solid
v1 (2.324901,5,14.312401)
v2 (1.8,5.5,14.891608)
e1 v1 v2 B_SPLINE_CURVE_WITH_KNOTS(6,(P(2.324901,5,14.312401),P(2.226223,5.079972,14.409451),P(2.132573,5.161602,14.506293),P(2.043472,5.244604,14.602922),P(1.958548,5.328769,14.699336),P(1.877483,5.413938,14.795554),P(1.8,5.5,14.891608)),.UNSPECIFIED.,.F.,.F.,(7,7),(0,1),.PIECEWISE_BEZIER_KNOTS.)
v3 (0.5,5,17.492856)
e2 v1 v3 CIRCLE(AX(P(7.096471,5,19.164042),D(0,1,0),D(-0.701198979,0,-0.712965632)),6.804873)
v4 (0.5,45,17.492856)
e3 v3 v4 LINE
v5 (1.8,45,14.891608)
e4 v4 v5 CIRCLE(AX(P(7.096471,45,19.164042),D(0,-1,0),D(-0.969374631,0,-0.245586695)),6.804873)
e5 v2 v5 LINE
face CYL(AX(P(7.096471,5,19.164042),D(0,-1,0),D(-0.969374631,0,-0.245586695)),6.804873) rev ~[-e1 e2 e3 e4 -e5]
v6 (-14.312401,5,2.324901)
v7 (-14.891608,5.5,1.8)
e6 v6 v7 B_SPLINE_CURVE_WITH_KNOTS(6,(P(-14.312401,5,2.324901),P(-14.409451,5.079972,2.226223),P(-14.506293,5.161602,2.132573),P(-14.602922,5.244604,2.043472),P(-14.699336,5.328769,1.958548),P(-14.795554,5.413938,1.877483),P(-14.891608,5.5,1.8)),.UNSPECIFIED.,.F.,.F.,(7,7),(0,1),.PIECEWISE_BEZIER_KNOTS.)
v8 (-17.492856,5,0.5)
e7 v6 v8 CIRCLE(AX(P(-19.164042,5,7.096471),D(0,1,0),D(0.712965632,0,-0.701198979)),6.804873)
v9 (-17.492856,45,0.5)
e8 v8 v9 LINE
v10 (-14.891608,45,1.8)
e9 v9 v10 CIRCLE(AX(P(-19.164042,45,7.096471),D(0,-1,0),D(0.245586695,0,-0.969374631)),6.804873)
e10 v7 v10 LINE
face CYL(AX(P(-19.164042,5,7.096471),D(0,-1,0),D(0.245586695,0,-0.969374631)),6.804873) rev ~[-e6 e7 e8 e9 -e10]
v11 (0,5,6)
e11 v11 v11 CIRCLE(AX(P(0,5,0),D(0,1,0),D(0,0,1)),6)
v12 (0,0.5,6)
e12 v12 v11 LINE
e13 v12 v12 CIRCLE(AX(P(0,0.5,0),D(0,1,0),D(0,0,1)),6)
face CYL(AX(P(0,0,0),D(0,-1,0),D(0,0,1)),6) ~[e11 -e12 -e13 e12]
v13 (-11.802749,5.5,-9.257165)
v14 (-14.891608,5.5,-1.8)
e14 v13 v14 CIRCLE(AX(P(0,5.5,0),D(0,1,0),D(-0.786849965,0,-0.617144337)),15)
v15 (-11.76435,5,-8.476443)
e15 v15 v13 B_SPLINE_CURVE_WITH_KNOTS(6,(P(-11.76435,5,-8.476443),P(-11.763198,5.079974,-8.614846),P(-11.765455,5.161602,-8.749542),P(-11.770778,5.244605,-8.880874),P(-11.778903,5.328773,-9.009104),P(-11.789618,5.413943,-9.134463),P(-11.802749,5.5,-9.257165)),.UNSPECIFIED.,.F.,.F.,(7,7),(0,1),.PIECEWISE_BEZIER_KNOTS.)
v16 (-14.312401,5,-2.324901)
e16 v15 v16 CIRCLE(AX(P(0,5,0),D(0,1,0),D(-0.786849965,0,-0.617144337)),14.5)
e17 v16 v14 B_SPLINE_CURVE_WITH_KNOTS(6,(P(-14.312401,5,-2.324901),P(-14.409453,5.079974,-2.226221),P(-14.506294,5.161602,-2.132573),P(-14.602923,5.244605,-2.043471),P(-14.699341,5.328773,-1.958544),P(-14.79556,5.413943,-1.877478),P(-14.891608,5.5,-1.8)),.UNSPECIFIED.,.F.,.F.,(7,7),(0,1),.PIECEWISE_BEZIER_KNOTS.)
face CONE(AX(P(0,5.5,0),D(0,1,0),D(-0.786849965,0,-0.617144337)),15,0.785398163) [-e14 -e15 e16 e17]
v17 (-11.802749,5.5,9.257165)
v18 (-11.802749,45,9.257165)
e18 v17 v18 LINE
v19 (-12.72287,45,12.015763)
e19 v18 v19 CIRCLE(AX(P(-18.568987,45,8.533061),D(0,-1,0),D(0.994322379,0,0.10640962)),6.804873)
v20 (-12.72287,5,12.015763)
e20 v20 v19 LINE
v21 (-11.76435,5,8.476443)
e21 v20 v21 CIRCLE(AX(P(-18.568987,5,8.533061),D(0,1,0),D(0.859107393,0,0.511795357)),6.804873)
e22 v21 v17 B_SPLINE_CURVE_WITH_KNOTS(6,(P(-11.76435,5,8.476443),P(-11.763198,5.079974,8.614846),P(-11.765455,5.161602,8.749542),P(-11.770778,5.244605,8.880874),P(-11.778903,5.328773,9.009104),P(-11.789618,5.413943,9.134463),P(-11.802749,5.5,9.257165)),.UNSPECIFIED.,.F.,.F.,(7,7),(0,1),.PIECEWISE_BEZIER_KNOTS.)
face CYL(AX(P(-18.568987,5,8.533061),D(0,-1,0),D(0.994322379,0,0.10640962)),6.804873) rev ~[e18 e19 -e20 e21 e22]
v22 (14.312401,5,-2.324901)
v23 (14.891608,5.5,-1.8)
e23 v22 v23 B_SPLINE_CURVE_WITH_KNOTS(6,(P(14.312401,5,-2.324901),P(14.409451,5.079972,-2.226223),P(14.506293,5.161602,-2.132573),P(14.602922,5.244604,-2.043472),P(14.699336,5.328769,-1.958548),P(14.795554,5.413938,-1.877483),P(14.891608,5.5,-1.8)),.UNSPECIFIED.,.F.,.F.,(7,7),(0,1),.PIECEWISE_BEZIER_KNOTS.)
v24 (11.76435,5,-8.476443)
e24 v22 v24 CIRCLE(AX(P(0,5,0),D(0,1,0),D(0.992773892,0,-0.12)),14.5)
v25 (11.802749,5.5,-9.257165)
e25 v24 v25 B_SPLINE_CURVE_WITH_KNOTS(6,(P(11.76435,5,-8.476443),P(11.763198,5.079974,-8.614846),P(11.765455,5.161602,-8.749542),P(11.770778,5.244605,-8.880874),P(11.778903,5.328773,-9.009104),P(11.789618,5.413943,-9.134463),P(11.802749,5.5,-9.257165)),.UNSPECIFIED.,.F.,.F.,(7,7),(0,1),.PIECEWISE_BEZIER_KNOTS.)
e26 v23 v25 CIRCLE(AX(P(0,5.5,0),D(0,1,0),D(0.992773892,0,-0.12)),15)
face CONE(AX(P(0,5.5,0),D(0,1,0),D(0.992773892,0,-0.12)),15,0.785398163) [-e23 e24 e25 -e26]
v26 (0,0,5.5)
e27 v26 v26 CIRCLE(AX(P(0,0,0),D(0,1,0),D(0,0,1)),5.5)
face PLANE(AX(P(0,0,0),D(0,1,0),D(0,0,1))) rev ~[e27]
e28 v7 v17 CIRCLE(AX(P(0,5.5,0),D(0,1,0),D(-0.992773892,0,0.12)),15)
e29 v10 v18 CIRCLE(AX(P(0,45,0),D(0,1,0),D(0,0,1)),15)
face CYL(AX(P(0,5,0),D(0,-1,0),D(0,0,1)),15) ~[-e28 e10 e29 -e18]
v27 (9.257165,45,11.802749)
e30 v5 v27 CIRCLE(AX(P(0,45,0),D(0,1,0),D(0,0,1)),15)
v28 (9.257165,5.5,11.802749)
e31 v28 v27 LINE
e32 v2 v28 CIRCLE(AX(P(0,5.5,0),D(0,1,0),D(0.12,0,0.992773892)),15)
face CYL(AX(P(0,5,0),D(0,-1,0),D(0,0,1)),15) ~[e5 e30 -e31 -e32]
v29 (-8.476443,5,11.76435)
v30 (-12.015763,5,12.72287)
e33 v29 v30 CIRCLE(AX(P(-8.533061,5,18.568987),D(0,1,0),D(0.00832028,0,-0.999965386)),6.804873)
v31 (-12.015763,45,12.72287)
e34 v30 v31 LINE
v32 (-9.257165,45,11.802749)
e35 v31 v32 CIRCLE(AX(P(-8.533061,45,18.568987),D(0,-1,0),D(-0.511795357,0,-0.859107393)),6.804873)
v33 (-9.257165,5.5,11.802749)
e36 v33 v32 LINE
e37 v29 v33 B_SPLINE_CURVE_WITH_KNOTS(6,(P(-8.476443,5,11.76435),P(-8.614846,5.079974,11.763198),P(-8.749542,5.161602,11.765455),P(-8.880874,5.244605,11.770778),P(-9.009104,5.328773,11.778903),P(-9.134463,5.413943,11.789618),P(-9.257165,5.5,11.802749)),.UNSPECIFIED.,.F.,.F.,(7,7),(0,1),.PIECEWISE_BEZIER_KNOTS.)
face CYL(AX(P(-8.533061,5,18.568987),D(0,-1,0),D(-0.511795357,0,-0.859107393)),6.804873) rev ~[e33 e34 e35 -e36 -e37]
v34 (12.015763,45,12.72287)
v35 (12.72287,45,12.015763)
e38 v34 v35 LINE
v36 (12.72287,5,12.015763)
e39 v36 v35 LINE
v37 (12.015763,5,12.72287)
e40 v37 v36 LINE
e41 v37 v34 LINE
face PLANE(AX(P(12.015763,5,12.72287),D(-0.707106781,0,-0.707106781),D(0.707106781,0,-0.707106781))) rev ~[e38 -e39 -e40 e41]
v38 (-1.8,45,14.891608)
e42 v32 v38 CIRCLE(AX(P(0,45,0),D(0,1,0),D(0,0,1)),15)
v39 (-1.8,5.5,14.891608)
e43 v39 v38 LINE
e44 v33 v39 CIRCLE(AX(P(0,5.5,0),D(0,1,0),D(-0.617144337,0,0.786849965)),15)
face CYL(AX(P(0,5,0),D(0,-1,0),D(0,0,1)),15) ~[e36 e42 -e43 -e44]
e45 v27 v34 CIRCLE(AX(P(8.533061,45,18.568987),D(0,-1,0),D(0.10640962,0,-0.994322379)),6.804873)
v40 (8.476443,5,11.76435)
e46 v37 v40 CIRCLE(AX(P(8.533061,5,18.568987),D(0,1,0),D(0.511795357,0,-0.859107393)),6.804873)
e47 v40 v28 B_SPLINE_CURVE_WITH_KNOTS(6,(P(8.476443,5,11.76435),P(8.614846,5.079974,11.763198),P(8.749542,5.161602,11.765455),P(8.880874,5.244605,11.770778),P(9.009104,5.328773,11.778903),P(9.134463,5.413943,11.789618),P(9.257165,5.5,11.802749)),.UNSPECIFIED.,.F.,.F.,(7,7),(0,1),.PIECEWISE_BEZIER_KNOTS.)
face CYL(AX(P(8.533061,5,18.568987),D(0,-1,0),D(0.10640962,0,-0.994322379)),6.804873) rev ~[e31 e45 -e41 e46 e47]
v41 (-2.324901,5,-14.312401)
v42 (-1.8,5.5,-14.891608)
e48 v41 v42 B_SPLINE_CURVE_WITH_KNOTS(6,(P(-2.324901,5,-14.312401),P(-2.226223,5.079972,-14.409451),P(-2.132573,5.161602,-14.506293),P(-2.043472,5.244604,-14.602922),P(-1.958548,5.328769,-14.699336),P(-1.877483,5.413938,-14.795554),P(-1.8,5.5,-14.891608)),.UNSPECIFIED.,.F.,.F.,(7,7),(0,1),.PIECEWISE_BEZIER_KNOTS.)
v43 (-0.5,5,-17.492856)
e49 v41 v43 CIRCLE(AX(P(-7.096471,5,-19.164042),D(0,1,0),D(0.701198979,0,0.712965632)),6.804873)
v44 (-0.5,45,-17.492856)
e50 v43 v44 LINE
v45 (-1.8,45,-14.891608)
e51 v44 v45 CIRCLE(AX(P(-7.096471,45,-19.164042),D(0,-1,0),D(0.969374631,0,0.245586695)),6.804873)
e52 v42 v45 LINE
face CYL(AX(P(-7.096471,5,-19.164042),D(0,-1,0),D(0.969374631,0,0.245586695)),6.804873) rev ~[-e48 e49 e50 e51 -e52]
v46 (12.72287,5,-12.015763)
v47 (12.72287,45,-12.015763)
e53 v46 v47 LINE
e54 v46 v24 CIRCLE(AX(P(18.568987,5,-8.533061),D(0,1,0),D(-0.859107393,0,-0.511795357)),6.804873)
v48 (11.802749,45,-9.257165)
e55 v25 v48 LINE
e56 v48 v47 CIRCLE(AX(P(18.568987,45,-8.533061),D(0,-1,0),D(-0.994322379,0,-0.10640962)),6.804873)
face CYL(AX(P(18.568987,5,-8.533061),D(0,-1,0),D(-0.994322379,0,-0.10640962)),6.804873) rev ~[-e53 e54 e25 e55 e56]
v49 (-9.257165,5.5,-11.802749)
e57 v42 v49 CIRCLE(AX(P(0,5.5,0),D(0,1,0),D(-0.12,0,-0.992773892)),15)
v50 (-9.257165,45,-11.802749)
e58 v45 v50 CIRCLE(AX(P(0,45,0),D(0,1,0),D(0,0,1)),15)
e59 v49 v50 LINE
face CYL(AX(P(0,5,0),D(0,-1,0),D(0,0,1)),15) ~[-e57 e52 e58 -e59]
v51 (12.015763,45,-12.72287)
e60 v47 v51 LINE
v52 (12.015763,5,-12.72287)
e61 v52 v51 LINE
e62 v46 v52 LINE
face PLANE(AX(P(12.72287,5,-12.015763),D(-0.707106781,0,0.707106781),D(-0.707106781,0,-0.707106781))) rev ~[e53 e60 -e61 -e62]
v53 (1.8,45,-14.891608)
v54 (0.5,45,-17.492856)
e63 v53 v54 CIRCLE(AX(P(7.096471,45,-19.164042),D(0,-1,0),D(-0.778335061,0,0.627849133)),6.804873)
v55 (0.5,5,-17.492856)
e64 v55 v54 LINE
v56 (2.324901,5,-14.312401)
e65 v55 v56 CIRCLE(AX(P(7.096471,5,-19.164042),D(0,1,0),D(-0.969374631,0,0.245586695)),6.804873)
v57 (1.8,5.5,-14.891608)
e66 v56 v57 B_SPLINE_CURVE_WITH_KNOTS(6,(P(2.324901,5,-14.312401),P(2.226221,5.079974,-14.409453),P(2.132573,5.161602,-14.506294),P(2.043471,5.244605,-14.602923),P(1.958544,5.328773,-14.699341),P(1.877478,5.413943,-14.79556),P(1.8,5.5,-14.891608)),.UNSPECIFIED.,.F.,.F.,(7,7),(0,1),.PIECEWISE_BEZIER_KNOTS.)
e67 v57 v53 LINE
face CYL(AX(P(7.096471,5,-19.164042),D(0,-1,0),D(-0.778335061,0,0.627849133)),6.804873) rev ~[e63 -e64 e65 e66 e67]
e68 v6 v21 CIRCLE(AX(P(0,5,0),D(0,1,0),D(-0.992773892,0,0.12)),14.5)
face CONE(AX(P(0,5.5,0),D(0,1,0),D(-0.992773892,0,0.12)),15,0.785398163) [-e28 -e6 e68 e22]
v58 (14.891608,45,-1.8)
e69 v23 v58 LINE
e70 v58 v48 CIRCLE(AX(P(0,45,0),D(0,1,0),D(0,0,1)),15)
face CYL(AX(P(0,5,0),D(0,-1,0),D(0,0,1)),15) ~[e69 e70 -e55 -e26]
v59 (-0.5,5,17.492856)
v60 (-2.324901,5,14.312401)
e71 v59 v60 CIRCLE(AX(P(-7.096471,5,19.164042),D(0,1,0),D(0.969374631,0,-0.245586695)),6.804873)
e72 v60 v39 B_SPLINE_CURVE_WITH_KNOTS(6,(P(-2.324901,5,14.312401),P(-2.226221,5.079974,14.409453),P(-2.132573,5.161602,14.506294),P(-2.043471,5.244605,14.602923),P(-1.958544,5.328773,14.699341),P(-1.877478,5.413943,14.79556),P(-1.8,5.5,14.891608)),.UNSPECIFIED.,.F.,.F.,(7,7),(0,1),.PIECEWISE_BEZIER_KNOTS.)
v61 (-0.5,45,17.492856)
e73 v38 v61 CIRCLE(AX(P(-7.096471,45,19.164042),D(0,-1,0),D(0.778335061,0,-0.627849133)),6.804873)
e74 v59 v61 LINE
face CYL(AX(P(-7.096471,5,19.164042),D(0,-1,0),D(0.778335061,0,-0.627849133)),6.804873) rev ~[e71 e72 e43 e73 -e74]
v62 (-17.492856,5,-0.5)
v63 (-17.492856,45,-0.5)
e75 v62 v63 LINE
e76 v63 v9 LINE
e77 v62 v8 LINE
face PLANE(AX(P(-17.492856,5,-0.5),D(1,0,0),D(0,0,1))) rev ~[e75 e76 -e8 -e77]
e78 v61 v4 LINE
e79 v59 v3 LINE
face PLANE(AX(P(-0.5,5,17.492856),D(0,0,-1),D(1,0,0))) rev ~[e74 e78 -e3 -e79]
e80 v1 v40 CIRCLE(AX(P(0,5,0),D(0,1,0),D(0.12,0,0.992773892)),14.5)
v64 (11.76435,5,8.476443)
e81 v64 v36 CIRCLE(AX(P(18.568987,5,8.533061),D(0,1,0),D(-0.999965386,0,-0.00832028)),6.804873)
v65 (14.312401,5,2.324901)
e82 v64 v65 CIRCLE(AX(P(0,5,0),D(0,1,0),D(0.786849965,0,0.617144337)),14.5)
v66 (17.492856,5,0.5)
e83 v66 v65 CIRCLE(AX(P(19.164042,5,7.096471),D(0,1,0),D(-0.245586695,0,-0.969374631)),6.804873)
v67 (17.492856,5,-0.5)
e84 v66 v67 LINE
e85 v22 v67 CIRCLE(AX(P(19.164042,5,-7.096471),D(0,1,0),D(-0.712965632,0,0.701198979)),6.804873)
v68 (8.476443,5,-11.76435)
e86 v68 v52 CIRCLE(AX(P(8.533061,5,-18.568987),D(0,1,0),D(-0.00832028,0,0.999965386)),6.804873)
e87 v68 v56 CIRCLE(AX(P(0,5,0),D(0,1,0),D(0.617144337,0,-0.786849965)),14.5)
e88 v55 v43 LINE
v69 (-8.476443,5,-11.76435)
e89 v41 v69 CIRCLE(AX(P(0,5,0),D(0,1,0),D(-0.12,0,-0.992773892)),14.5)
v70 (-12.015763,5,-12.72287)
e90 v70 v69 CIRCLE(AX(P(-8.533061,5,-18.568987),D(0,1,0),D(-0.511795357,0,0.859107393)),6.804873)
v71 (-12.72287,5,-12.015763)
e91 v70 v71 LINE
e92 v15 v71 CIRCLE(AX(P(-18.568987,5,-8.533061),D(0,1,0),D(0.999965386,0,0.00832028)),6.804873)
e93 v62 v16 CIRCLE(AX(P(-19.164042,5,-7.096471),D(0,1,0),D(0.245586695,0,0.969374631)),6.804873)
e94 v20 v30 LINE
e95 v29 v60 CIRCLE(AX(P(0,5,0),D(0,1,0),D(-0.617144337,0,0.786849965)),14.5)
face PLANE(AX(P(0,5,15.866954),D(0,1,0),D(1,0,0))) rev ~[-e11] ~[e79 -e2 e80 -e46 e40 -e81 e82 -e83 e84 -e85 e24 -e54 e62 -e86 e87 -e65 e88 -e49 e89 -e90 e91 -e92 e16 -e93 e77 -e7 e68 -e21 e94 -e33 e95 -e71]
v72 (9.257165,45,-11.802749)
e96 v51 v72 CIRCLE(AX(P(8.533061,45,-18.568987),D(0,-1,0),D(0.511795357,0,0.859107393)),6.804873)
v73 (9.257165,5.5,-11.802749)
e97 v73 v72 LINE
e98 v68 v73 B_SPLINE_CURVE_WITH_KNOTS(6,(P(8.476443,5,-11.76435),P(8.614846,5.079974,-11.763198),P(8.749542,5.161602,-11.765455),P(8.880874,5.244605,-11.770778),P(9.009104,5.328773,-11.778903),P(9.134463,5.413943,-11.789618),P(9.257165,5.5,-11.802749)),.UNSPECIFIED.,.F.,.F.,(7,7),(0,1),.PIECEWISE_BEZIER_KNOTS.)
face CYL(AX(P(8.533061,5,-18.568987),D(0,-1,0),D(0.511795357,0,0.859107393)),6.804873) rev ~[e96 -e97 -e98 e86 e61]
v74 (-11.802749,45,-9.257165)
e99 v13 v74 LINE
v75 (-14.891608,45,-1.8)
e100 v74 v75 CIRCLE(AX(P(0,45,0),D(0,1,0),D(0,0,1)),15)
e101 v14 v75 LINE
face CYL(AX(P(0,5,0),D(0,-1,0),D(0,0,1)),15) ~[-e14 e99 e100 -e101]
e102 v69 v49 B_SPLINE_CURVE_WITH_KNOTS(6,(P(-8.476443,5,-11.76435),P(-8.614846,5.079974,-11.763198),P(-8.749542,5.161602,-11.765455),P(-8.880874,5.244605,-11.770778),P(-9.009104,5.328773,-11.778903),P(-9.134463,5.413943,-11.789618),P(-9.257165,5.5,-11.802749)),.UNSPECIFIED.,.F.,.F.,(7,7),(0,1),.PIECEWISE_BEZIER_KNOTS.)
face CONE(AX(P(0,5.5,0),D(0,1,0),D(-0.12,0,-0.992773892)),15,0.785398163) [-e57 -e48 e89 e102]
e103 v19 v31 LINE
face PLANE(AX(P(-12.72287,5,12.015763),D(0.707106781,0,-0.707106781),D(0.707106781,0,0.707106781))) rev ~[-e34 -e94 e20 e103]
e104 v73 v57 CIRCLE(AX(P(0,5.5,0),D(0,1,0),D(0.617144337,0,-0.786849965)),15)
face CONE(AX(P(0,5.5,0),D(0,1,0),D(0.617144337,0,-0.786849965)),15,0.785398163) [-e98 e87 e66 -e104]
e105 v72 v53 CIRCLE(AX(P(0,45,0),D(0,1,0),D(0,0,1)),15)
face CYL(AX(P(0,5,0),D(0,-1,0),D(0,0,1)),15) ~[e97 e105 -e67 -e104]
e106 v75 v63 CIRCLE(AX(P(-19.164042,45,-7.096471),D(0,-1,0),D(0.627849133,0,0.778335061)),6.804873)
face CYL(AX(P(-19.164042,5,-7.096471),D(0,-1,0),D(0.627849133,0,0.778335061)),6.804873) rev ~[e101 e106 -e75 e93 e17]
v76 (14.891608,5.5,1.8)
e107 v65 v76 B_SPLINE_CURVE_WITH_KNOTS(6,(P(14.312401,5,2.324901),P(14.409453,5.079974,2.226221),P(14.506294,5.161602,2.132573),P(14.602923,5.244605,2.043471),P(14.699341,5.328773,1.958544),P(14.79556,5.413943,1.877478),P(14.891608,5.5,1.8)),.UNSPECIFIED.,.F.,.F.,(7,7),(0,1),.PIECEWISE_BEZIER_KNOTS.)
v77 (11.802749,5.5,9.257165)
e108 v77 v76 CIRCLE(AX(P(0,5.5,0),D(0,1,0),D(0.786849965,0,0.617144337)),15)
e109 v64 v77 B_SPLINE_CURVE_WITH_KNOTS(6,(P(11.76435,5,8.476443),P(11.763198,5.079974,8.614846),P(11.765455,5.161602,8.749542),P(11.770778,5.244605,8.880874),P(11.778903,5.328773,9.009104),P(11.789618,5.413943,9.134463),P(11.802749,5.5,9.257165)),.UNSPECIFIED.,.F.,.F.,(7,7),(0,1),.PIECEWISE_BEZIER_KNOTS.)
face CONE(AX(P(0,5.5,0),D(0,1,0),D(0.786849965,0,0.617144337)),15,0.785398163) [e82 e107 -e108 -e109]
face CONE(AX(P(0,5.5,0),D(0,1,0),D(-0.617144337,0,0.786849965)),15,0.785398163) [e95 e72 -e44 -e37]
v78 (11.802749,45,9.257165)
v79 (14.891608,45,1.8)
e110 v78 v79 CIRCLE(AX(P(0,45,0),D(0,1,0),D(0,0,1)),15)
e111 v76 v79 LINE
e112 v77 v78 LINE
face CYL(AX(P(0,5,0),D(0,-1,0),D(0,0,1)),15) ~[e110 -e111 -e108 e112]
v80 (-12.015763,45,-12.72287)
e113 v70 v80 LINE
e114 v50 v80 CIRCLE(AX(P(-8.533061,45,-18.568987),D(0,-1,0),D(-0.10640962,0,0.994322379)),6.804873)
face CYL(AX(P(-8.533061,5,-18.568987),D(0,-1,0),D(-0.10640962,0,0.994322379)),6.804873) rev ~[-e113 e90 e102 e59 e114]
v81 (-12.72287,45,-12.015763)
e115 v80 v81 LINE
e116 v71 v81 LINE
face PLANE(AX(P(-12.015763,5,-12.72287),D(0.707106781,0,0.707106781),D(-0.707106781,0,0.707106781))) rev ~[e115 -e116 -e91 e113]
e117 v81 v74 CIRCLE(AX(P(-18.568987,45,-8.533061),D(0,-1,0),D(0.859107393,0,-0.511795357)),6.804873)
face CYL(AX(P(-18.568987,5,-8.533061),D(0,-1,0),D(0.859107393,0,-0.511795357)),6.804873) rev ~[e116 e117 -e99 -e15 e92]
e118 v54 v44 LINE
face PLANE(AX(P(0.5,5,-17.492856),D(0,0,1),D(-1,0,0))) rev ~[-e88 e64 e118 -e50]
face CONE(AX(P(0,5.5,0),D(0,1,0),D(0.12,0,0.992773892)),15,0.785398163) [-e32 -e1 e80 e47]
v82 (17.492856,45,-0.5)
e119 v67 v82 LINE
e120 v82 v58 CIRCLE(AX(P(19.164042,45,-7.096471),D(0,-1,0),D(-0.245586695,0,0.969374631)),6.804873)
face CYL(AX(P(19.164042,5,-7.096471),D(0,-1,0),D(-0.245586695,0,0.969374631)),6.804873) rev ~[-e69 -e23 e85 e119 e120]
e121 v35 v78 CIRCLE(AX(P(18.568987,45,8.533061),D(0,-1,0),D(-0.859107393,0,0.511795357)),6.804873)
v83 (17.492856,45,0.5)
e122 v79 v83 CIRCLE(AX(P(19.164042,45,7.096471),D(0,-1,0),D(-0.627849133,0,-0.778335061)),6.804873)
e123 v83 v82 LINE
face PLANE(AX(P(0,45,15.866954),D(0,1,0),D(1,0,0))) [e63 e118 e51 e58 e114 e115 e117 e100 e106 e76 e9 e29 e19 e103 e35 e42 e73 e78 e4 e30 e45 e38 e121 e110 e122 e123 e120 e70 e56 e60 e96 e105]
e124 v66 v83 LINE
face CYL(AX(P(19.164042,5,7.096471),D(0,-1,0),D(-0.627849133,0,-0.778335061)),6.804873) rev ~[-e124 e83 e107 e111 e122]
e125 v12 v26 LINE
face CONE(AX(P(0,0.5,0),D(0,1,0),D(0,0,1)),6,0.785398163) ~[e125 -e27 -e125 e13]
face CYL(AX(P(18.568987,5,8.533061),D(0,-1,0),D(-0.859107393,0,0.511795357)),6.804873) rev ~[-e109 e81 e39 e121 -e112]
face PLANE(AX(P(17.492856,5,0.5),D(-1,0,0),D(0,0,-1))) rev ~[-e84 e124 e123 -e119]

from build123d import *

# Parameters (mm, degrees)
SKETCH2_R           = 6
BOSS_EXTRUDE2_DEPTH = 5
SKETCH4_R           = 15
BOSS_EXTRUDE3_DEPTH = 40
BOSS_EXTRUDE4_START = -40
BOSS_EXTRUDE4_DEPTH = 40
CHAMFER1_SIZE       = 0.5
CHAMFER2_SIZE       = 0.5


with BuildPart() as part:
    # Sketch2 → Boss-Extrude2 (new body)
    with BuildSketch(Plane(origin=(0, 0, 0), x_dir=(1, 0, 0), z_dir=(0, 1, 0))):
        with Locations(Location((0, 0, 0), (0, 0, 270))):
            Circle(SKETCH2_R)
    extrude(amount=BOSS_EXTRUDE2_DEPTH)

    # Sketch4 → Boss-Extrude3 (add)
    with BuildSketch(Plane(origin=(0, 5, 0), x_dir=(1, 0, 0), z_dir=(0, 1, 0))):
        with Locations(Location((0, 0, 0), (0, 0, 270))):
            Circle(SKETCH4_R)
    extrude(amount=BOSS_EXTRUDE3_DEPTH)

    # Sketch5 → Boss-Extrude4 (add)
    with BuildSketch(Plane(origin=(0, 45, 0), x_dir=(1, 0, 0), z_dir=(0, 1, 0)).offset(BOSS_EXTRUDE4_START)):
        with BuildLine():
            ThreePointArc((-11.802749471, 9.257165059), (-10.606601718, 10.606601718), (-9.257165059, 11.802749471))
            ThreePointArc((-9.257165059, 11.802749471), (-10.686189168, 12.11373051), (-12.015763486, 12.722870267))
            Line((-12.015763486, 12.722870267), (-12.722870267, 12.015763486))
            ThreePointArc((-12.722870267, 12.015763486), (-12.11373051, 10.686189168), (-11.802749471, 9.257165059))
        make_face()
        with BuildLine():
            ThreePointArc((-1.8, 14.891608375), (-0.901630293, 14.972877573), (0, 15))
            Line((0, 15), (0, 17.492855685))
            Line((0, 17.492855685), (-0.5, 17.492855685))
            ThreePointArc((-0.5, 17.492855685), (-1.009424163, 16.121977815), (-1.8, 14.891608375))
        make_face()
        with BuildLine():
            Line((0, 17.492855685), (0, 15))
            ThreePointArc((0, 15), (0.901630293, 14.972877573), (1.8, 14.891608375))
            ThreePointArc((1.8, 14.891608375), (1.009424163, 16.121977815), (0.5, 17.492855685))
            Line((0.5, 17.492855685), (0, 17.492855685))
        make_face()
        with BuildLine():
            ThreePointArc((12.015763486, 12.722870267), (10.686189168, 12.11373051), (9.257165059, 11.802749471))
            ThreePointArc((9.257165059, 11.802749471), (10.606601718, 10.606601718), (11.802749471, 9.257165059))
            ThreePointArc((11.802749471, 9.257165059), (12.11373051, 10.686189168), (12.722870267, 12.015763486))
            Line((12.722870267, 12.015763486), (12.015763486, 12.722870267))
        make_face()
        with BuildLine():
            ThreePointArc((-14.891608375, -1.8), (-15, 0), (-14.891608375, 1.8))
            ThreePointArc((-14.891608375, 1.8), (-16.121977815, 1.009424163), (-17.492855685, 0.5))
            Line((-17.492855685, 0.5), (-17.492855685, -0.5))
            ThreePointArc((-17.492855685, -0.5), (-16.121977815, -1.009424163), (-14.891608375, -1.8))
        make_face()
        with BuildLine():
            ThreePointArc((-9.257165059, -11.802749471), (-10.606601718, -10.606601718), (-11.802749471, -9.257165059))
            ThreePointArc((-11.802749471, -9.257165059), (-12.11373051, -10.686189168), (-12.722870267, -12.015763486))
            Line((-12.722870267, -12.015763486), (-12.015763486, -12.722870267))
            ThreePointArc((-12.015763486, -12.722870267), (-10.686189168, -12.11373051), (-9.257165059, -11.802749471))
        make_face()
        with BuildLine():
            ThreePointArc((1.8, -14.891608375), (0, -15), (-1.8, -14.891608375))
            ThreePointArc((-1.8, -14.891608375), (-1.009424163, -16.121977815), (-0.5, -17.492855685))
            Line((-0.5, -17.492855685), (0.5, -17.492855685))
            ThreePointArc((0.5, -17.492855685), (1.009424163, -16.121977815), (1.8, -14.891608375))
        make_face()
        with BuildLine():
            Line((12.015763486, -12.722870267), (12.722870267, -12.015763486))
            ThreePointArc((12.722870267, -12.015763486), (12.11373051, -10.686189168), (11.802749471, -9.257165059))
            ThreePointArc((11.802749471, -9.257165059), (10.606601718, -10.606601718), (9.257165059, -11.802749471))
            ThreePointArc((9.257165059, -11.802749471), (10.686189168, -12.11373051), (12.015763486, -12.722870267))
        make_face()
        with BuildLine():
            ThreePointArc((17.492855685, 0.5), (16.121977815, 1.009424163), (14.891608375, 1.8))
            ThreePointArc((14.891608375, 1.8), (14.972877573, 0.901630293), (15, 0))
            ThreePointArc((15, 0), (14.972877573, -0.901630293), (14.891608375, -1.8))
            ThreePointArc((14.891608375, -1.8), (16.121977815, -1.009424163), (17.492855685, -0.5))
            Line((17.492855685, -0.5), (17.492855685, 0.5))
        make_face()
    extrude(amount=BOSS_EXTRUDE4_DEPTH)

    # Chamfer1
    chamfer1_edges = [part.edges().sort_by_distance(p)[0] for p in [
        (0, 0, -6),
    ]]
    chamfer(chamfer1_edges, length=CHAMFER1_SIZE)

    # Chamfer2
    chamfer2_edges = [part.edges().sort_by_distance(p)[0] for p in [
        (-13.858192988, 5, -5.740251485),
        (-5.740251485, 5, -13.858192988),
        (5.740251485, 5, -13.858192988),
        (-13.858192988, 5, 5.740251485),
        (-5.740251485, 5, 13.858192988),
        (5.740251485, 5, 13.858192988),
        (13.858192988, 5, 5.740251485),
        (13.858192988, 5, -5.740251485),
    ]]
    chamfer(chamfer2_edges, length=CHAMFER2_SIZE)


solid = part.part
